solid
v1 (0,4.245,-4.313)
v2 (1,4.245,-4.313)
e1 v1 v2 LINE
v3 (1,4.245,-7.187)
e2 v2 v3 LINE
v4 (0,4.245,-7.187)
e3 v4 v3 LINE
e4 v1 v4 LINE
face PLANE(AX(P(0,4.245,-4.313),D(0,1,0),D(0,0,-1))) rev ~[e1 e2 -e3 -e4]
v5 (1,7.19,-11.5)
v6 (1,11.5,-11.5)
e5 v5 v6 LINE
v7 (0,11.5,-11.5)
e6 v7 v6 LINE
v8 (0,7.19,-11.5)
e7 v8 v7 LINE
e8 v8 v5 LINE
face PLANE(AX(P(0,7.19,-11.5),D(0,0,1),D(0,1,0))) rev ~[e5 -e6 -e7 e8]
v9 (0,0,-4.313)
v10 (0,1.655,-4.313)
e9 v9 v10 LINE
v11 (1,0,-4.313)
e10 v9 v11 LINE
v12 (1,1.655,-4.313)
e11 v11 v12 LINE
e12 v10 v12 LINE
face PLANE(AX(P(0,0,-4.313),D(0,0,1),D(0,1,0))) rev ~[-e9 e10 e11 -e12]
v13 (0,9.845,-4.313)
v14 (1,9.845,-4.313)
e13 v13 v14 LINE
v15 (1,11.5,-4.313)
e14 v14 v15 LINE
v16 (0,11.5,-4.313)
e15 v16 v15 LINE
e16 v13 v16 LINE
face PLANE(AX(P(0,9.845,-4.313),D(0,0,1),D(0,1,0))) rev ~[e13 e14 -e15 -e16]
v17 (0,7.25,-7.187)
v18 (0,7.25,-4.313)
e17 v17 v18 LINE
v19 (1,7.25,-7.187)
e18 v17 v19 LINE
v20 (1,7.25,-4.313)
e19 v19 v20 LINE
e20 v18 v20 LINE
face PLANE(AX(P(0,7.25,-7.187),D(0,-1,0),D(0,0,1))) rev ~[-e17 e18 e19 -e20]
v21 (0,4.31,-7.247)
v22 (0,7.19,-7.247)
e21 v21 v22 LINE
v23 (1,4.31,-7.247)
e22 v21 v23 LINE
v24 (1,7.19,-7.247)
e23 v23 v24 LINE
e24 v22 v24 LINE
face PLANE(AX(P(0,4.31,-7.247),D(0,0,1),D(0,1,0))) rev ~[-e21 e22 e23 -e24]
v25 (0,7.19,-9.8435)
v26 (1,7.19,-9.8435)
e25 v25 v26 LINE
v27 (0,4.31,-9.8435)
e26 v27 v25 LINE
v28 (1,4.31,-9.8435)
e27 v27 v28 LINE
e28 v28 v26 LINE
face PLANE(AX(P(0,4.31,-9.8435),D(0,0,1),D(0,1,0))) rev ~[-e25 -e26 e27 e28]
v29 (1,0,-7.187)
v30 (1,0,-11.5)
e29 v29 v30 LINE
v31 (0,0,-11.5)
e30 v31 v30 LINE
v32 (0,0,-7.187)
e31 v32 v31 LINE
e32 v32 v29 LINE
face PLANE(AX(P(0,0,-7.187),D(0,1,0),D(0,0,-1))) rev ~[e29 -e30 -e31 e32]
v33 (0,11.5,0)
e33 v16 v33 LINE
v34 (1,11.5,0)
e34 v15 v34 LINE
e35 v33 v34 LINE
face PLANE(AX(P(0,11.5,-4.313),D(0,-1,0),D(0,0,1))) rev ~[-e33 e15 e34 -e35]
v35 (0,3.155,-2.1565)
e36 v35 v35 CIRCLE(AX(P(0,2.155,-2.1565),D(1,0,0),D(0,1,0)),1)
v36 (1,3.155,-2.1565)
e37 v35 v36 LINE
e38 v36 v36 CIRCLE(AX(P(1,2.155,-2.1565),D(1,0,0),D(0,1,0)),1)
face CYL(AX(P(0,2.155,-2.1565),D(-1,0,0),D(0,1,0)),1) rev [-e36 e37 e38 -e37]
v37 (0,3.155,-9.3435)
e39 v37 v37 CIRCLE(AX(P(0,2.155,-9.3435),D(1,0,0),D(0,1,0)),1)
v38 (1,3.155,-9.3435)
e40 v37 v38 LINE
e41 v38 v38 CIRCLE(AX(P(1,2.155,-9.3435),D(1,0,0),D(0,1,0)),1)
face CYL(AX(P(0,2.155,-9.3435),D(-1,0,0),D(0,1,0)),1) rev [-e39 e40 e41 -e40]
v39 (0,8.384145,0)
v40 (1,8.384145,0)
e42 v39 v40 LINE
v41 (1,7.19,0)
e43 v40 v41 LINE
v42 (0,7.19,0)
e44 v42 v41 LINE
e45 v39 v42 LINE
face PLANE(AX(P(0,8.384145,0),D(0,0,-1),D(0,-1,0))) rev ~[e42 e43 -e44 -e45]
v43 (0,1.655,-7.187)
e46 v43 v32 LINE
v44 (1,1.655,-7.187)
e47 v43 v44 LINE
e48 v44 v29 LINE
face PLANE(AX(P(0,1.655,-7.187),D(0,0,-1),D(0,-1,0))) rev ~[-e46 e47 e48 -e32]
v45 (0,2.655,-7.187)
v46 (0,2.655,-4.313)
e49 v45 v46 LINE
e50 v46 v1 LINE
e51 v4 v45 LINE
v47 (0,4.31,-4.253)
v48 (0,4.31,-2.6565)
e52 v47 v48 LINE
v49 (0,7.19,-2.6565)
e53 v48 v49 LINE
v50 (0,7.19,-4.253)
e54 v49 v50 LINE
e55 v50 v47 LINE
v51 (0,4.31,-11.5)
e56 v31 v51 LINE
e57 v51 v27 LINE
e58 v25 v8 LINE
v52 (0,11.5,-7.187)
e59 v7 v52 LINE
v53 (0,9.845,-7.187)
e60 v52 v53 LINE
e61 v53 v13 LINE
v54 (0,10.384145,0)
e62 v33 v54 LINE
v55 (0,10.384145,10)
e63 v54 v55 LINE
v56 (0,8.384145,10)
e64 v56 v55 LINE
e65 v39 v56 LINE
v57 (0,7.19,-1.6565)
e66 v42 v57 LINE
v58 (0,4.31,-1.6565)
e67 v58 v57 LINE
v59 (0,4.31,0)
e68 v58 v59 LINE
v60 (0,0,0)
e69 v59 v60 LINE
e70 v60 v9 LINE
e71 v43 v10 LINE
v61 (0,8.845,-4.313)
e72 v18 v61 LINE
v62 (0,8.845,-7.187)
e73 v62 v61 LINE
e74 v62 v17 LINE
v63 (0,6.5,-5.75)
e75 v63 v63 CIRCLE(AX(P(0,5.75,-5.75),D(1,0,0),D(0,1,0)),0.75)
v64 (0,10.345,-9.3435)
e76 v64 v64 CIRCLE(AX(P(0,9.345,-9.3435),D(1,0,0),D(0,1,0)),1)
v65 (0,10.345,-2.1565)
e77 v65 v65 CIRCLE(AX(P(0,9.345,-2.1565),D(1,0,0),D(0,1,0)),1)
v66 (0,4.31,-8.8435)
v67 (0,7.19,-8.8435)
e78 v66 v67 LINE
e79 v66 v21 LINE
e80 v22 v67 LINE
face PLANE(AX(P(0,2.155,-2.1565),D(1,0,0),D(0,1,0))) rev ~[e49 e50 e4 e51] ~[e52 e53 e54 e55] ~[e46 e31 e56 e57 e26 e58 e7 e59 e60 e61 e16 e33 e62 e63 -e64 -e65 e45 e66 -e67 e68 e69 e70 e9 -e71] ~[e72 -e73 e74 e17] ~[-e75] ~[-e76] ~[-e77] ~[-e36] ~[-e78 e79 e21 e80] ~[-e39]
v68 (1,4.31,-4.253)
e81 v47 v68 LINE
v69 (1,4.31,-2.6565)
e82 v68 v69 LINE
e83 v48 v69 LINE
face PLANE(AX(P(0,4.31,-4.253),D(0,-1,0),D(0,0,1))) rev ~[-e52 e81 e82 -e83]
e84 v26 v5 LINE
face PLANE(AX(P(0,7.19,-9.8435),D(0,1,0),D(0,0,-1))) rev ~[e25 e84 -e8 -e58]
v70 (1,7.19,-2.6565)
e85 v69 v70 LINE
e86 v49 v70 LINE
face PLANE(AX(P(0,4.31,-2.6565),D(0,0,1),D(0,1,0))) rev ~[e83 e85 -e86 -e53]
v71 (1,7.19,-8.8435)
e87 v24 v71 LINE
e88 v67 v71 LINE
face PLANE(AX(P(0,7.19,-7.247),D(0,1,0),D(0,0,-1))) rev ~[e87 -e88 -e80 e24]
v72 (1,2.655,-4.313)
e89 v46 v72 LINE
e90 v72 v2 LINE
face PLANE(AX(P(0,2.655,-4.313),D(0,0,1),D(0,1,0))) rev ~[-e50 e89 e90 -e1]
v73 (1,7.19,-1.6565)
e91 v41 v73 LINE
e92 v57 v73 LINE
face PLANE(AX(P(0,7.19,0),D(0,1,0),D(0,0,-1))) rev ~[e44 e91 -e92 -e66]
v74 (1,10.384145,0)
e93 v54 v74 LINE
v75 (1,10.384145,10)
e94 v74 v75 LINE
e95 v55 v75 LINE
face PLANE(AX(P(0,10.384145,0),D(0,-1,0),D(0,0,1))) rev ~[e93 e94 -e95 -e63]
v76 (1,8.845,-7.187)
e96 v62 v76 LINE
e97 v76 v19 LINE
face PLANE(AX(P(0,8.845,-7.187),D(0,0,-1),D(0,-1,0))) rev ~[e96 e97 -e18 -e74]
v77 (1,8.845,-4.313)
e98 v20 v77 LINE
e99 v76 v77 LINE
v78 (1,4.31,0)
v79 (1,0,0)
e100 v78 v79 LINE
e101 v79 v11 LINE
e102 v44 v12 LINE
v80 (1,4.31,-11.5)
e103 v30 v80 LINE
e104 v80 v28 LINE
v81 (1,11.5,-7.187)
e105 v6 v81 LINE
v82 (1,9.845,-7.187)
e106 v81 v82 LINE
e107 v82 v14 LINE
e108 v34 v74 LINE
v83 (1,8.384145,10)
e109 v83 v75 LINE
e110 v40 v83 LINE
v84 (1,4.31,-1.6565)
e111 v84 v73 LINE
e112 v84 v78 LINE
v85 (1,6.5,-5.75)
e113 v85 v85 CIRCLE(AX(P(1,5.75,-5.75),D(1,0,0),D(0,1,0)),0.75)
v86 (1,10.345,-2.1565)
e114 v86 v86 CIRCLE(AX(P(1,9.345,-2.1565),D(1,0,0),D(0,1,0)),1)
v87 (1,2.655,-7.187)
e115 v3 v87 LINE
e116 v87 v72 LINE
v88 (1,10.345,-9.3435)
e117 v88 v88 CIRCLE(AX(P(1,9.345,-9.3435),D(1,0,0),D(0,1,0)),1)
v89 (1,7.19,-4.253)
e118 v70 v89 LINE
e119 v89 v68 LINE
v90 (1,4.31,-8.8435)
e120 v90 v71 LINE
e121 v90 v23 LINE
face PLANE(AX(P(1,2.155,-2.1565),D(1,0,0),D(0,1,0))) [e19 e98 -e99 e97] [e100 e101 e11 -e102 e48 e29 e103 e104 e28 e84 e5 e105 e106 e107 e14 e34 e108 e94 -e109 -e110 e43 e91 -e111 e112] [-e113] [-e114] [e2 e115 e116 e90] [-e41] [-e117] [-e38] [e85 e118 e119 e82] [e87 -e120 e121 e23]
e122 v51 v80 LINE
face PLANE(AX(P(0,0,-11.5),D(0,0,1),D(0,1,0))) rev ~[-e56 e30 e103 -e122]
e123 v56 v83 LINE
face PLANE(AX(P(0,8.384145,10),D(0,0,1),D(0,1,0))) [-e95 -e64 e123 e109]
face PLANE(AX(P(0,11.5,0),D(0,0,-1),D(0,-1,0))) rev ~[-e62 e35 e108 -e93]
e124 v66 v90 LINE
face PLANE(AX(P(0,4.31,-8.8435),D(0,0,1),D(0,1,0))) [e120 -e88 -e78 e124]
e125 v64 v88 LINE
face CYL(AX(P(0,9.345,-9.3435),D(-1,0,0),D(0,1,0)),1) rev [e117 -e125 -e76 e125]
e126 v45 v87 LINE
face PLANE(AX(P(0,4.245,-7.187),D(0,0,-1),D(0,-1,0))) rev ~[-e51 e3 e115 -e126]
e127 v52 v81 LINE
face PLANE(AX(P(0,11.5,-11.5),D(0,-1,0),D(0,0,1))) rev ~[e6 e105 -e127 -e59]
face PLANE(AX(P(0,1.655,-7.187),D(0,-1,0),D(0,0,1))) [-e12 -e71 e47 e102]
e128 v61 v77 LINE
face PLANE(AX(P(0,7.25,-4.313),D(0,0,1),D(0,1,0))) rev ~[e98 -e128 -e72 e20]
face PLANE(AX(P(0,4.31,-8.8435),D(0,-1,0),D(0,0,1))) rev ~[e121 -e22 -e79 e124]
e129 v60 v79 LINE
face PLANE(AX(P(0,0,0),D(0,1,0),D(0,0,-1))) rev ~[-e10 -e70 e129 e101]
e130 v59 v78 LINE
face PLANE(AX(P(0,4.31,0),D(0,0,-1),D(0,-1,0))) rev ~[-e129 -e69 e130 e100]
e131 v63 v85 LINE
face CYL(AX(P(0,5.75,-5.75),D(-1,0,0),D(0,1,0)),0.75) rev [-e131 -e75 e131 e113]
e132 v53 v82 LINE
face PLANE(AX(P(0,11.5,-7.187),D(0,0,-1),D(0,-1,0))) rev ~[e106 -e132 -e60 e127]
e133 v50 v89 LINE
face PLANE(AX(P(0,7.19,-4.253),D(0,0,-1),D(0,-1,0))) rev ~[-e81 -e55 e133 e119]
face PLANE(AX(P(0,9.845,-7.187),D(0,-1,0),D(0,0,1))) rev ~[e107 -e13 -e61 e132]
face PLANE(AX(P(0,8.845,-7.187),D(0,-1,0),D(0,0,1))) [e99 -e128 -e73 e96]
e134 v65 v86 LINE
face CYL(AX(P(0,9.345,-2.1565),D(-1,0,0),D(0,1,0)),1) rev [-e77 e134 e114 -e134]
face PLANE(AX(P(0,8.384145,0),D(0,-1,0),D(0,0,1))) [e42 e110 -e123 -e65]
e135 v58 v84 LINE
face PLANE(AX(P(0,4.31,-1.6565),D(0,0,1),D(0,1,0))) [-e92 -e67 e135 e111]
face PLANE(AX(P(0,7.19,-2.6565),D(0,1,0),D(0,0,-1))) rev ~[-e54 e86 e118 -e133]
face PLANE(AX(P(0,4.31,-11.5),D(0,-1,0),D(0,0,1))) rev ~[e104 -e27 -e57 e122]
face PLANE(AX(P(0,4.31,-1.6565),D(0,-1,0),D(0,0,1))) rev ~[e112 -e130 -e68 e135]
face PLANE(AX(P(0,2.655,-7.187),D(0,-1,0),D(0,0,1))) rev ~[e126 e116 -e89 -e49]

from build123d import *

# Parameters (mm, degrees)
F0_R     = 1
F0_W     = 2.88
F0_H     = 1
F0_W_2   = 1
F0_H_2   = 2.874
F0_R_2   = 0.75
F0_W_3   = 2
F0_H_3   = 10
F1_DEPTH = 1


with BuildPart() as f1:
    # F0 (on Right) → F1 (new body)
    with BuildSketch(Plane.YZ):
        Polygon((4.31, 0), (0, 0), (0, -4.313), (1.655, -4.313), (2.655, -4.313), (4.245, -4.313), (4.31, -4.313), (4.31, -4.253), (4.31, -2.6565), (4.31, -1.6565), align=None)
        with Locations((2.155, -2.1565)):
            Circle(F0_R, mode=Mode.SUBTRACT)
        Polygon((7.19, 0), (7.19, -1.6565), (7.19, -2.6565), (7.19, -4.253), (7.19, -4.313), (7.25, -4.313), (8.845, -4.313), (9.845, -4.313), (11.5, -4.313), (11.5, 0), (10.384145, 0), (8.384145, 0), align=None)
        with Locations((9.345, -2.1565)):
            Circle(F0_R, mode=Mode.SUBTRACT)
        with Locations((5.75, -2.1565)):
            Rectangle(F0_W, F0_H)
        with Locations((2.155, -5.75)):
            Rectangle(F0_W_2, F0_H_2)
        Polygon((2.655, -7.187), (1.655, -7.187), (0, -7.187), (0, -11.5), (4.31, -11.5), (4.31, -9.8435), (4.31, -8.8435), (4.31, -7.247), (4.31, -7.187), (4.245, -7.187), align=None)
        with Locations((2.155, -9.3435)):
            Circle(F0_R, mode=Mode.SUBTRACT)
        Polygon((8.845, -7.187), (7.25, -7.187), (7.19, -7.187), (7.19, -7.247), (7.19, -8.8435), (7.19, -9.8435), (7.19, -11.5), (11.5, -11.5), (11.5, -7.187), (9.845, -7.187), align=None)
        with Locations((9.345, -9.3435)):
            Circle(F0_R, mode=Mode.SUBTRACT)
        with Locations((5.75, -9.3435)):
            Rectangle(F0_W, F0_H)
        Polygon((7.19, -4.253), (4.31, -4.253), (4.31, -4.313), (4.245, -4.313), (4.245, -7.187), (4.31, -7.187), (4.31, -7.247), (7.19, -7.247), (7.19, -7.187), (7.25, -7.187), (7.25, -4.313), (7.19, -4.313), align=None)
        with Locations((5.75, -5.75)):
            Circle(F0_R_2, mode=Mode.SUBTRACT)
        with Locations((9.345, -5.75)):
            Rectangle(F0_W_2, F0_H_2)
        with Locations((9.384145, 5)):
            Rectangle(F0_W_3, F0_H_3)
    extrude(amount=F1_DEPTH)


solid = f1.part
